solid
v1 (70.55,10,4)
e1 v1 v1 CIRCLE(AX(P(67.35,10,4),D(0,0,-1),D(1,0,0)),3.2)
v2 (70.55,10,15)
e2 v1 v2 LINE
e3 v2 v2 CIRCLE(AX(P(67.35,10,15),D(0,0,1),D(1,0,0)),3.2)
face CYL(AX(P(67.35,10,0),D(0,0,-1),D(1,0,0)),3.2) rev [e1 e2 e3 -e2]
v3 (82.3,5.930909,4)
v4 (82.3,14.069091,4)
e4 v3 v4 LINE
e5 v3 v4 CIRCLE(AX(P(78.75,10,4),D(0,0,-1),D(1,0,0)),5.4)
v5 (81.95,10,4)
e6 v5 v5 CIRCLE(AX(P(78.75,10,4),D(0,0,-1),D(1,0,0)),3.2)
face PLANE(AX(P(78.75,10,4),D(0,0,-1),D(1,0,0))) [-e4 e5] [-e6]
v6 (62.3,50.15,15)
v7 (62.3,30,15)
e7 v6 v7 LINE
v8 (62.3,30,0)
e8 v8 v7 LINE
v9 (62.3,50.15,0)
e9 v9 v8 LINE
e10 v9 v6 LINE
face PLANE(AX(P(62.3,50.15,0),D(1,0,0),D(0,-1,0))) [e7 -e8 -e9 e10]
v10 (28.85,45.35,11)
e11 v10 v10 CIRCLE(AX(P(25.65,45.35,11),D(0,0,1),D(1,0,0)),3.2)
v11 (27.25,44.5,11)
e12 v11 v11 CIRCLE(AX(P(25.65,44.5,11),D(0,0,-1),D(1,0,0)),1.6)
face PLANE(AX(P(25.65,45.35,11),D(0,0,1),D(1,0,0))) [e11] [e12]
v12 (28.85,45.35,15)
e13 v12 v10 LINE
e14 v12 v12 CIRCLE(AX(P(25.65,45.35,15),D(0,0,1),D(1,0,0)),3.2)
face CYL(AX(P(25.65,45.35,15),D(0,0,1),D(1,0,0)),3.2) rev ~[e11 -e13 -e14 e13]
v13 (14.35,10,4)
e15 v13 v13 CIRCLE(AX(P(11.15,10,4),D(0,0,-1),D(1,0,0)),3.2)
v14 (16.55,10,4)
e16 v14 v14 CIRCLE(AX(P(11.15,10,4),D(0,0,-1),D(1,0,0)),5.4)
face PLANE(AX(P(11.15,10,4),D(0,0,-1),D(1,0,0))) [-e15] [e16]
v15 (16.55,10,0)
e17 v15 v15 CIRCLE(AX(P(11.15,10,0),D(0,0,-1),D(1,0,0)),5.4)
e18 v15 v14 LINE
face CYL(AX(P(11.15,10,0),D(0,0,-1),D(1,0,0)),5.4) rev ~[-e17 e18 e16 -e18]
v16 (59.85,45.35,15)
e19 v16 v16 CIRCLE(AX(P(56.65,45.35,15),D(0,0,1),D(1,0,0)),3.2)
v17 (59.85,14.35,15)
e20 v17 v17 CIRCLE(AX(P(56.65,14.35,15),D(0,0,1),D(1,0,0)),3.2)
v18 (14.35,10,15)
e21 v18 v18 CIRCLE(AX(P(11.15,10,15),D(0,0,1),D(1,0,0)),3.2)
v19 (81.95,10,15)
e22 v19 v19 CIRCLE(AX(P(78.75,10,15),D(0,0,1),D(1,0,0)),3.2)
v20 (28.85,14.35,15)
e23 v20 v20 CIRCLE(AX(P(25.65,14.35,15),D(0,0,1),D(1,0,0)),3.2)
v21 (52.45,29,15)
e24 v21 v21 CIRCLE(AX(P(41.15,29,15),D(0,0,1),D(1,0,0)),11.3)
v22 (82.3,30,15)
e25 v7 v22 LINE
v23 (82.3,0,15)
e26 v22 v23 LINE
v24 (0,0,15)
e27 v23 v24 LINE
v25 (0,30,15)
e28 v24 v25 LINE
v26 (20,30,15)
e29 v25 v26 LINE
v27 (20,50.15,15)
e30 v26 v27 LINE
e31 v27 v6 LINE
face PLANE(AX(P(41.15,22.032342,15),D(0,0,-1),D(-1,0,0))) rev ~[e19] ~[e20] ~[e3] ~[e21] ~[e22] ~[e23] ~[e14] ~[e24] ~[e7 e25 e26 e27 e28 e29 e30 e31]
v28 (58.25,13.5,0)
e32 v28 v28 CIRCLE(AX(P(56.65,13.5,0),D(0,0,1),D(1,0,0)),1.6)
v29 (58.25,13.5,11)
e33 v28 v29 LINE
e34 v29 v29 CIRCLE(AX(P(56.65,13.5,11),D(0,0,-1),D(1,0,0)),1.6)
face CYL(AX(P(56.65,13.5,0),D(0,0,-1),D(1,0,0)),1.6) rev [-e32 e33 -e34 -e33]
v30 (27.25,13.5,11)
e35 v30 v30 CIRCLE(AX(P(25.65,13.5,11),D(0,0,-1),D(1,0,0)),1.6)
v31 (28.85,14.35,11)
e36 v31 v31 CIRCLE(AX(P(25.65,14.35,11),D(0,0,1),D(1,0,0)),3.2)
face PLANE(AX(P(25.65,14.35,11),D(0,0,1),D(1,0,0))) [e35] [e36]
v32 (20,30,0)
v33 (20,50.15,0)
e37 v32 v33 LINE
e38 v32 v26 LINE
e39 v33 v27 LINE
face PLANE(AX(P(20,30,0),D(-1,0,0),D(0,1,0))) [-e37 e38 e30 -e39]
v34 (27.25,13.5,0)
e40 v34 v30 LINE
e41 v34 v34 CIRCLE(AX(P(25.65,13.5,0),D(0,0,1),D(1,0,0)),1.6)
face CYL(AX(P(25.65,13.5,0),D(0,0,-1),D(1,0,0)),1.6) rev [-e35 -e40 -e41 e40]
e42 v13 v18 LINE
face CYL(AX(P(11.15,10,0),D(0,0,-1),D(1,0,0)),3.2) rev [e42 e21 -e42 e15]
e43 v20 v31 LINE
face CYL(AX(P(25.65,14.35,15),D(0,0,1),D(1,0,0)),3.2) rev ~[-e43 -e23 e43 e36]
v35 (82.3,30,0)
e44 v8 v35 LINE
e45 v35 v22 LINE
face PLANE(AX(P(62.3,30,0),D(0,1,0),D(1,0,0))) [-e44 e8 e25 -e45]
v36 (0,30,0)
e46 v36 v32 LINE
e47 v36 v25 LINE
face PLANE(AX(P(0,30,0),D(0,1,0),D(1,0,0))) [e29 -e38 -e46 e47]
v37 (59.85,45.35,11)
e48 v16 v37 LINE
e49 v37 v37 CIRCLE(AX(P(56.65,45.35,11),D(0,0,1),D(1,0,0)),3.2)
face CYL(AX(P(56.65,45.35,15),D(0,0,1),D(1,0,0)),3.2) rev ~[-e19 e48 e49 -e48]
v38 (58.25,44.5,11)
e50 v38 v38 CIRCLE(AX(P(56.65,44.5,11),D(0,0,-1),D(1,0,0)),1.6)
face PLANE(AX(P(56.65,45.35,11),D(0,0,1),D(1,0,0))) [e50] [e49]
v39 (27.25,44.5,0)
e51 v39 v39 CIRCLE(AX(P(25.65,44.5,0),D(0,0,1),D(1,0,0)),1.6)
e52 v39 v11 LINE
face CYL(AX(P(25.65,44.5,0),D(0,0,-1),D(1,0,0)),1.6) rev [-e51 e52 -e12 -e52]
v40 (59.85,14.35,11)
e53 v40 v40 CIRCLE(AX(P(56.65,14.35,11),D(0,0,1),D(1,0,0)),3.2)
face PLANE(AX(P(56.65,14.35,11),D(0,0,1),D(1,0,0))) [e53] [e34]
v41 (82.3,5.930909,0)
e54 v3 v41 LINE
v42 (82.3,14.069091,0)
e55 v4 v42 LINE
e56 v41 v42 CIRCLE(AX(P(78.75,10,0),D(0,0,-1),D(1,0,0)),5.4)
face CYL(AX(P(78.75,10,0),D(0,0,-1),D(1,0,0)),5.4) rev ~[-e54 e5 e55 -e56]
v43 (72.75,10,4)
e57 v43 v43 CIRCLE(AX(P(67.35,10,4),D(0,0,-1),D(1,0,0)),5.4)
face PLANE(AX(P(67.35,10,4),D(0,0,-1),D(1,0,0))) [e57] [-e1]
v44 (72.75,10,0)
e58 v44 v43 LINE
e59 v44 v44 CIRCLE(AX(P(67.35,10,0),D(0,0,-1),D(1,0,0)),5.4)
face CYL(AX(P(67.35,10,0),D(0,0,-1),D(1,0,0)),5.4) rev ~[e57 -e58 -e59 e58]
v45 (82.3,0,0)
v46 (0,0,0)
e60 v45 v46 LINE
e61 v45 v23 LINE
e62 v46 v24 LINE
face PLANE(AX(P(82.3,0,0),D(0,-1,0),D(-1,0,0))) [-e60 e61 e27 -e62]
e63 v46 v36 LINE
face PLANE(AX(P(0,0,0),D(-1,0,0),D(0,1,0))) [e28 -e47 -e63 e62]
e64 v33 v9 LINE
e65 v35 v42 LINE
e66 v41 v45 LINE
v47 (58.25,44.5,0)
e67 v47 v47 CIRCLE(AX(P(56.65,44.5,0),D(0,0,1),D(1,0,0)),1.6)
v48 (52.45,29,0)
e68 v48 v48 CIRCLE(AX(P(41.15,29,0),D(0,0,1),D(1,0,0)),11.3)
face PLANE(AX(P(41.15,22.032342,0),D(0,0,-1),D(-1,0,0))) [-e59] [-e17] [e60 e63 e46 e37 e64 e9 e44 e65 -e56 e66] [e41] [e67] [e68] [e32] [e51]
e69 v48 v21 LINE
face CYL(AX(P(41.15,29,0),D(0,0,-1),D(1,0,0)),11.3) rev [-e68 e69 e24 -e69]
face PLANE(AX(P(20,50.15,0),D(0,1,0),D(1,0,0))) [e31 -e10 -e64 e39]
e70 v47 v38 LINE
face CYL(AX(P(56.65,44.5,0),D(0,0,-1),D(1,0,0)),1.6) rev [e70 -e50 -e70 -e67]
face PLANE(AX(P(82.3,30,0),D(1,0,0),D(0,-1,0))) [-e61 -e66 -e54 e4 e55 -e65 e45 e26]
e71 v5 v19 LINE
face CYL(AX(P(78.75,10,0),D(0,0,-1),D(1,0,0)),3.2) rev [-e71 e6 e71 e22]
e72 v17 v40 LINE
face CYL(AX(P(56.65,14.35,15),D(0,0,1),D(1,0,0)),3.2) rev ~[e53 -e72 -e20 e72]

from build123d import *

# Parameters (mm, degrees)
SKETCH_R        = 11.3
SKETCH_R_2      = 1.6
SKETCH_R_3      = 3.2
PAD_DEPTH       = 15
SKETCH001_R     = 3.2
POCKET_DEPTH    = 4
SKETCH002_R     = 5.4
POCKET001_DEPTH = 4


with BuildPart() as part:
    # Sketch → Pad (new body)
    with BuildSketch(Plane.XY):
        Polygon((20, 30), (20, 50.15), (62.3, 50.15), (62.3, 30), (82.3, 30), (82.3, 0), (0, 0), (0, 30), align=None)
        with Locations((41.15, 29)):
            Circle(SKETCH_R, mode=Mode.SUBTRACT)
        with Locations((25.65, 44.5)):
            Circle(SKETCH_R_2, mode=Mode.SUBTRACT)
        with Locations((25.65, 13.5)):
            Circle(SKETCH_R_2, mode=Mode.SUBTRACT)
        with Locations((56.65, 44.5)):
            Circle(SKETCH_R_2, mode=Mode.SUBTRACT)
        with Locations((56.65, 13.5)):
            Circle(SKETCH_R_2, mode=Mode.SUBTRACT)
        with Locations((11.15, 10)):
            Circle(SKETCH_R_3, mode=Mode.SUBTRACT)
        with Locations((67.35, 10)):
            Circle(SKETCH_R_3, mode=Mode.SUBTRACT)
        with Locations((78.75, 10)):
            Circle(SKETCH_R_3, mode=Mode.SUBTRACT)
    extrude(amount=PAD_DEPTH)

    # Sketch001 (on Face18 of Pad) → Pocket (cut)
    with BuildSketch(Plane.XY.offset(15)):
        with Locations((25.65, 45.35)):
            Circle(SKETCH001_R)
        with Locations((56.65, 45.35)):
            Circle(SKETCH001_R)
        with Locations((56.65, 14.35)):
            Circle(SKETCH001_R)
        with Locations((25.65, 14.35)):
            Circle(SKETCH001_R)
    extrude(amount=-POCKET_DEPTH, mode=Mode.SUBTRACT)

    # Sketch002 (on Face4 of Pocket) → Pocket001 (cut)
    with BuildSketch(Plane(origin=(0, 0, 0), x_dir=(1, 0, 0), z_dir=(0, 0, -1))):
        with Locations((11.15, -10)):
            Circle(SKETCH002_R)
        with Locations((67.35, -10)):
            Circle(SKETCH002_R)
        with Locations((78.75, -10)):
            Circle(SKETCH002_R)
    extrude(amount=-POCKET001_DEPTH, mode=Mode.SUBTRACT)


solid = part.part
